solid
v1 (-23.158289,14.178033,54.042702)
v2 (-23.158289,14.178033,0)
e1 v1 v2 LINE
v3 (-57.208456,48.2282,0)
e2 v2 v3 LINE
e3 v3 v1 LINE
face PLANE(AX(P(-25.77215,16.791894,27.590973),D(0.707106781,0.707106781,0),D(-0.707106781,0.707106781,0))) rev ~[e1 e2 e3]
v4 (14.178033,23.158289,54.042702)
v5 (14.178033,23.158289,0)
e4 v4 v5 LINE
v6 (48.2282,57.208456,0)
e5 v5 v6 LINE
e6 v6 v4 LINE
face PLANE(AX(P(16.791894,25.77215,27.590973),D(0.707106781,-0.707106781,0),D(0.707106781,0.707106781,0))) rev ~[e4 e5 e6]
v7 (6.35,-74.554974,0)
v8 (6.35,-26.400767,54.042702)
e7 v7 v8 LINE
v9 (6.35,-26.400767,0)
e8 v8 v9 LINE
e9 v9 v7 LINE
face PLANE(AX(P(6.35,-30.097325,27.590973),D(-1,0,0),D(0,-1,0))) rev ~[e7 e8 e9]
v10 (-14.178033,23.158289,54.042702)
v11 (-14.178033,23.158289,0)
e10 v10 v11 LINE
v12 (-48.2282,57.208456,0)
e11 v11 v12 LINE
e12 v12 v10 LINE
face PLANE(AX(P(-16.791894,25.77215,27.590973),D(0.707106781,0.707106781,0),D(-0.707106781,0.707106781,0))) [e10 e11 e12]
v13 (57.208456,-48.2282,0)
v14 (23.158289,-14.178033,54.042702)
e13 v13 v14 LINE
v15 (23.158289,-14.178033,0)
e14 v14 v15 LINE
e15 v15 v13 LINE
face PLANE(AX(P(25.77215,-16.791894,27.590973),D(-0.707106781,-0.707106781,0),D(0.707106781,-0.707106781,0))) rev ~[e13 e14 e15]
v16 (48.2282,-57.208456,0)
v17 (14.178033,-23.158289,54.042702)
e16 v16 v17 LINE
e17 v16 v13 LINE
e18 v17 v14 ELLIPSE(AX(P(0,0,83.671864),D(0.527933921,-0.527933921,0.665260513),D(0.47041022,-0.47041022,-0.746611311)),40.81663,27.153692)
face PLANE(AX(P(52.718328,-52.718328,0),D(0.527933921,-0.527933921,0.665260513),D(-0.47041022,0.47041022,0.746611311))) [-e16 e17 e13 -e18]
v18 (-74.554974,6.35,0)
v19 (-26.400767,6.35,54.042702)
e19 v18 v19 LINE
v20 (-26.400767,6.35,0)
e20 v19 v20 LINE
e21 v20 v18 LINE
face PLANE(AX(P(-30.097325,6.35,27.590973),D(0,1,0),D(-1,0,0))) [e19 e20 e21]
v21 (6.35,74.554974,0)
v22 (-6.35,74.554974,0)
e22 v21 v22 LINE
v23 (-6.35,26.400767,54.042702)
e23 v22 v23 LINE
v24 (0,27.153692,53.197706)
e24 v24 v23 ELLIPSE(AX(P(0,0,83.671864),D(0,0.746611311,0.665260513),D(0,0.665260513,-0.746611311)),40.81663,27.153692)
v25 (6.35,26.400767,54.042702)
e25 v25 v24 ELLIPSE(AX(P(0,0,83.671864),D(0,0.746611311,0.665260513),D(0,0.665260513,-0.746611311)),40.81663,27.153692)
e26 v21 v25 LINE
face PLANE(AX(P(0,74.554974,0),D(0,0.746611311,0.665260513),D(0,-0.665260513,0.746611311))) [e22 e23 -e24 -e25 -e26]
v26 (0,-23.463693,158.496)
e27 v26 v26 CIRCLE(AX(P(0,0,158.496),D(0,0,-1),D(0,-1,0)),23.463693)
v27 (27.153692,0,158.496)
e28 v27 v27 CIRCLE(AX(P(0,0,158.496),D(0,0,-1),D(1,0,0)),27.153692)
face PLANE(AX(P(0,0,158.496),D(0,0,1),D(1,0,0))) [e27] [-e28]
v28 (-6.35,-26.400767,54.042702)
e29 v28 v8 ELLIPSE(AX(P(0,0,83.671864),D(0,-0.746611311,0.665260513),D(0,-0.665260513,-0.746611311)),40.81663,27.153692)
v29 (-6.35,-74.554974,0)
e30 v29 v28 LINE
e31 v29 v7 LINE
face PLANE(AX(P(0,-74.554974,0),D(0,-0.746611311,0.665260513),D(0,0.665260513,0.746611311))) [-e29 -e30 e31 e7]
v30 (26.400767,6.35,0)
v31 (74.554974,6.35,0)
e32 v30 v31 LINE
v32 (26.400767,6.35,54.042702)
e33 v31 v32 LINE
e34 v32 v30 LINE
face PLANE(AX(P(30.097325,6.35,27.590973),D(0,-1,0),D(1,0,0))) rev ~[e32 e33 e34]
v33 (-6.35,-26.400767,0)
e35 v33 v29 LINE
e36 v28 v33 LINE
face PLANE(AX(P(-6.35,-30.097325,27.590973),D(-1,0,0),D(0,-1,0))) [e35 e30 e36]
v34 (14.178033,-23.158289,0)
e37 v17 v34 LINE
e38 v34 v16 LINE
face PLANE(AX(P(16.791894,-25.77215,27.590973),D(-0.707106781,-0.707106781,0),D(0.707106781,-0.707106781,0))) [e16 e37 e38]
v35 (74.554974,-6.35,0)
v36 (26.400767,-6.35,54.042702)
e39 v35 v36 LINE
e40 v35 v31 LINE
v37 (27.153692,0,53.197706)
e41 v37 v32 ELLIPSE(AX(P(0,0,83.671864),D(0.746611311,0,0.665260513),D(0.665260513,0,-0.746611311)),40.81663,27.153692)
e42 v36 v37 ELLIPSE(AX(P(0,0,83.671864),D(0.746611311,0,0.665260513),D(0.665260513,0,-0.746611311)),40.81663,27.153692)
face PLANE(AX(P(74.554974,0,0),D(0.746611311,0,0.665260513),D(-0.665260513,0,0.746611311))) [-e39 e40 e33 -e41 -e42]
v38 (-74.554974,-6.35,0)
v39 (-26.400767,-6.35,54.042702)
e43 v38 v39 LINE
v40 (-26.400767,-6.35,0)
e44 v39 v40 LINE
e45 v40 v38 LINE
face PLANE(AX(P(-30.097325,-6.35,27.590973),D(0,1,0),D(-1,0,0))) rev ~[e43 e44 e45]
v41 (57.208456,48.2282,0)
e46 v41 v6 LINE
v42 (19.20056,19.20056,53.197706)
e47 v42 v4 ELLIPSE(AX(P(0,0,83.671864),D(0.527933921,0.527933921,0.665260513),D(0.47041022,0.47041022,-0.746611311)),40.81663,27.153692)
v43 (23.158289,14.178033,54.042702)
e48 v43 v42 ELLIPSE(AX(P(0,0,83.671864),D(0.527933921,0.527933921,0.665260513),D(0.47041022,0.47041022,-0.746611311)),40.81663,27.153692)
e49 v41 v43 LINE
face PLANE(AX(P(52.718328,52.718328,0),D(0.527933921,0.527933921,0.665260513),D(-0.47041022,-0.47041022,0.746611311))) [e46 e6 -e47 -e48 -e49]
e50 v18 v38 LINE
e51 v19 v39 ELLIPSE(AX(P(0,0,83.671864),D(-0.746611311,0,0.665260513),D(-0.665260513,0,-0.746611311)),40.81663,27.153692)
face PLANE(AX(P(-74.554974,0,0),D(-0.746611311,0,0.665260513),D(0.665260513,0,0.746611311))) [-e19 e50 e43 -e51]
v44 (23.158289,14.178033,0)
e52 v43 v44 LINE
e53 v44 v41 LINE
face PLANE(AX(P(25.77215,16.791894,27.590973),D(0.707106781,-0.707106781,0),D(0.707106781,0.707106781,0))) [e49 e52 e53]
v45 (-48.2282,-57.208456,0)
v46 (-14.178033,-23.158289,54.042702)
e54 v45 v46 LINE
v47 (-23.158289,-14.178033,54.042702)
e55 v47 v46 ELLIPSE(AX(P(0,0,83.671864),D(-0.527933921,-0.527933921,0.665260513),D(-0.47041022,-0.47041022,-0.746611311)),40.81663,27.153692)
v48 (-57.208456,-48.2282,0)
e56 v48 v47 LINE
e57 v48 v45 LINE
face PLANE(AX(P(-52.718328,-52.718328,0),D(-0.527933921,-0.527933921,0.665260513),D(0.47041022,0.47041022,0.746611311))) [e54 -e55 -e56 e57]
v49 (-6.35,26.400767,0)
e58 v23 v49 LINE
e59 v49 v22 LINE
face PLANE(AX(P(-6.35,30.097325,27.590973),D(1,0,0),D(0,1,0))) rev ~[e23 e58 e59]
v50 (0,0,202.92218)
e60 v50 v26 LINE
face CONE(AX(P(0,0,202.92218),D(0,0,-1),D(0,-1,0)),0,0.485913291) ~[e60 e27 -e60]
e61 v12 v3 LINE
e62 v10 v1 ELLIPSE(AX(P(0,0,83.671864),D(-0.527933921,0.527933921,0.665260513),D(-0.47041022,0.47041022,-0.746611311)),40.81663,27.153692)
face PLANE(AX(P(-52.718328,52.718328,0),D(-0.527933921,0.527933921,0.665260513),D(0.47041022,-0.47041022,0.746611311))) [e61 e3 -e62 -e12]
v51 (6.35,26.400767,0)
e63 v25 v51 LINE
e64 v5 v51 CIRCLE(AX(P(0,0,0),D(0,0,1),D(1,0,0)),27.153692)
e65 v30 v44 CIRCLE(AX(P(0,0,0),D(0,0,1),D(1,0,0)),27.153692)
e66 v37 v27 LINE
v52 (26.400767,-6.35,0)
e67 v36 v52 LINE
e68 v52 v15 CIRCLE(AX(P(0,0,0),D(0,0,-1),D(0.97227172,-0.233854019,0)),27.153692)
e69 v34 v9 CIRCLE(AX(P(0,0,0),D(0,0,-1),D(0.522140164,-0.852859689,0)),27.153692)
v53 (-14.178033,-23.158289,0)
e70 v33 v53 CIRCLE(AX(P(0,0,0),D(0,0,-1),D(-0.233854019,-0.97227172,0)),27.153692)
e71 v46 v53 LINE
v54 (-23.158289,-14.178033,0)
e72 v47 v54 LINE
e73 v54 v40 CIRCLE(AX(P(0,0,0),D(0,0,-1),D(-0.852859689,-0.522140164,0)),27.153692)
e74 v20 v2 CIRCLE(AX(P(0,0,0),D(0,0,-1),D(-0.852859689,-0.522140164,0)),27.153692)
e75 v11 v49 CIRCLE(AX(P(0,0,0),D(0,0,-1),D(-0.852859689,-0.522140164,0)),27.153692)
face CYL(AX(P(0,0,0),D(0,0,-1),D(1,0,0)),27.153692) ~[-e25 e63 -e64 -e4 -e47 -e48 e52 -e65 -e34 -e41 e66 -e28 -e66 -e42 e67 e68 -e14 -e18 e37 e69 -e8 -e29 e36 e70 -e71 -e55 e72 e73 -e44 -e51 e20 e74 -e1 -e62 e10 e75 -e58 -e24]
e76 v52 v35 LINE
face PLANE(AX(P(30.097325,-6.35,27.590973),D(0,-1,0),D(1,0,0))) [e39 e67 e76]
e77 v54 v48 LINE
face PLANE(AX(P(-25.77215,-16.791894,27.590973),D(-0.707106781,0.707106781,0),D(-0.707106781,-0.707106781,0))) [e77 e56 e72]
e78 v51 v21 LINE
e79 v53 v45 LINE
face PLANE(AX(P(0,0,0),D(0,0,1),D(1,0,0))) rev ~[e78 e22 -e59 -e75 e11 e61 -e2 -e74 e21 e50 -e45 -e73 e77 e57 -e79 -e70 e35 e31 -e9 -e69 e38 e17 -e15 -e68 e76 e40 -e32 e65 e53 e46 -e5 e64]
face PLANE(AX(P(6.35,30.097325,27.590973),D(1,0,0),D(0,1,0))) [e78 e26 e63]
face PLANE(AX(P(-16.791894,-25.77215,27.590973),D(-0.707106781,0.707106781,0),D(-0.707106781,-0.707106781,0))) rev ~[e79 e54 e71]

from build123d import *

# Parameters (mm, degrees)
F0_R     = 27.153692
F1_DEPTH = 158.496
F3_DEPTH = 6.35
F4_COUNT = 8


with BuildPart() as f1:
    # F0 (on Top) → F1 (new body)
    with BuildSketch(Plane.XY):
        Circle(F0_R)
    extrude(amount=F1_DEPTH)

    # F2 (on Right) → F3 (join, symmetric)
    with BuildSketch(Plane.YZ):
        Polygon((6.657729, 76.2), (6.657729, 0), (74.554974, 0), align=None)
    extrude(amount=F3_DEPTH, both=True)



with BuildPart() as f4_1:
    # F4: instance of F1
    add(f1.part.rotate(Axis((0, 0, 0), (0, 0, -1)), 1 * 360 / F4_COUNT))


with BuildPart() as f4_2:
    # F4: instance of F1
    add(f1.part.rotate(Axis((0, 0, 0), (0, 0, -1)), 2 * 360 / F4_COUNT))


with BuildPart() as f4_3:
    # F4: instance of F1
    add(f1.part.rotate(Axis((0, 0, 0), (0, 0, -1)), 3 * 360 / F4_COUNT))


with BuildPart() as f4_4:
    # F4: instance of F1
    add(f1.part.rotate(Axis((0, 0, 0), (0, 0, -1)), 4 * 360 / F4_COUNT))


with BuildPart() as f4_5:
    # F4: instance of F1
    add(f1.part.rotate(Axis((0, 0, 0), (0, 0, -1)), 5 * 360 / F4_COUNT))


with BuildPart() as f4_6:
    # F4: instance of F1
    add(f1.part.rotate(Axis((0, 0, 0), (0, 0, -1)), 6 * 360 / F4_COUNT))


with BuildPart() as f4_7:
    # F4: instance of F1
    add(f1.part.rotate(Axis((0, 0, 0), (0, 0, -1)), 7 * 360 / F4_COUNT))


with BuildPart() as f1_1:
    add(f1.part)

    add(f4_1.part)  # F6 merges F4_1

    add(f4_2.part)  # F6 merges F4_2

    add(f4_3.part)  # F6 merges F4_3

    add(f4_4.part)  # F6 merges F4_4

    add(f4_5.part)  # F6 merges F4_5

    add(f4_6.part)  # F6 merges F4_6

    add(f4_7.part)  # F6 merges F4_7
    # F5 (on Right) → F6 (revolve)
    with BuildSketch(Plane.YZ):
        Polygon((-25.58529, 154.478967), (0, 154.478967), (0, 202.92218), align=None)
    revolve(axis=Axis((0, 0, 178.700574), (0, 0, 1)))


solid = f1_1.part
